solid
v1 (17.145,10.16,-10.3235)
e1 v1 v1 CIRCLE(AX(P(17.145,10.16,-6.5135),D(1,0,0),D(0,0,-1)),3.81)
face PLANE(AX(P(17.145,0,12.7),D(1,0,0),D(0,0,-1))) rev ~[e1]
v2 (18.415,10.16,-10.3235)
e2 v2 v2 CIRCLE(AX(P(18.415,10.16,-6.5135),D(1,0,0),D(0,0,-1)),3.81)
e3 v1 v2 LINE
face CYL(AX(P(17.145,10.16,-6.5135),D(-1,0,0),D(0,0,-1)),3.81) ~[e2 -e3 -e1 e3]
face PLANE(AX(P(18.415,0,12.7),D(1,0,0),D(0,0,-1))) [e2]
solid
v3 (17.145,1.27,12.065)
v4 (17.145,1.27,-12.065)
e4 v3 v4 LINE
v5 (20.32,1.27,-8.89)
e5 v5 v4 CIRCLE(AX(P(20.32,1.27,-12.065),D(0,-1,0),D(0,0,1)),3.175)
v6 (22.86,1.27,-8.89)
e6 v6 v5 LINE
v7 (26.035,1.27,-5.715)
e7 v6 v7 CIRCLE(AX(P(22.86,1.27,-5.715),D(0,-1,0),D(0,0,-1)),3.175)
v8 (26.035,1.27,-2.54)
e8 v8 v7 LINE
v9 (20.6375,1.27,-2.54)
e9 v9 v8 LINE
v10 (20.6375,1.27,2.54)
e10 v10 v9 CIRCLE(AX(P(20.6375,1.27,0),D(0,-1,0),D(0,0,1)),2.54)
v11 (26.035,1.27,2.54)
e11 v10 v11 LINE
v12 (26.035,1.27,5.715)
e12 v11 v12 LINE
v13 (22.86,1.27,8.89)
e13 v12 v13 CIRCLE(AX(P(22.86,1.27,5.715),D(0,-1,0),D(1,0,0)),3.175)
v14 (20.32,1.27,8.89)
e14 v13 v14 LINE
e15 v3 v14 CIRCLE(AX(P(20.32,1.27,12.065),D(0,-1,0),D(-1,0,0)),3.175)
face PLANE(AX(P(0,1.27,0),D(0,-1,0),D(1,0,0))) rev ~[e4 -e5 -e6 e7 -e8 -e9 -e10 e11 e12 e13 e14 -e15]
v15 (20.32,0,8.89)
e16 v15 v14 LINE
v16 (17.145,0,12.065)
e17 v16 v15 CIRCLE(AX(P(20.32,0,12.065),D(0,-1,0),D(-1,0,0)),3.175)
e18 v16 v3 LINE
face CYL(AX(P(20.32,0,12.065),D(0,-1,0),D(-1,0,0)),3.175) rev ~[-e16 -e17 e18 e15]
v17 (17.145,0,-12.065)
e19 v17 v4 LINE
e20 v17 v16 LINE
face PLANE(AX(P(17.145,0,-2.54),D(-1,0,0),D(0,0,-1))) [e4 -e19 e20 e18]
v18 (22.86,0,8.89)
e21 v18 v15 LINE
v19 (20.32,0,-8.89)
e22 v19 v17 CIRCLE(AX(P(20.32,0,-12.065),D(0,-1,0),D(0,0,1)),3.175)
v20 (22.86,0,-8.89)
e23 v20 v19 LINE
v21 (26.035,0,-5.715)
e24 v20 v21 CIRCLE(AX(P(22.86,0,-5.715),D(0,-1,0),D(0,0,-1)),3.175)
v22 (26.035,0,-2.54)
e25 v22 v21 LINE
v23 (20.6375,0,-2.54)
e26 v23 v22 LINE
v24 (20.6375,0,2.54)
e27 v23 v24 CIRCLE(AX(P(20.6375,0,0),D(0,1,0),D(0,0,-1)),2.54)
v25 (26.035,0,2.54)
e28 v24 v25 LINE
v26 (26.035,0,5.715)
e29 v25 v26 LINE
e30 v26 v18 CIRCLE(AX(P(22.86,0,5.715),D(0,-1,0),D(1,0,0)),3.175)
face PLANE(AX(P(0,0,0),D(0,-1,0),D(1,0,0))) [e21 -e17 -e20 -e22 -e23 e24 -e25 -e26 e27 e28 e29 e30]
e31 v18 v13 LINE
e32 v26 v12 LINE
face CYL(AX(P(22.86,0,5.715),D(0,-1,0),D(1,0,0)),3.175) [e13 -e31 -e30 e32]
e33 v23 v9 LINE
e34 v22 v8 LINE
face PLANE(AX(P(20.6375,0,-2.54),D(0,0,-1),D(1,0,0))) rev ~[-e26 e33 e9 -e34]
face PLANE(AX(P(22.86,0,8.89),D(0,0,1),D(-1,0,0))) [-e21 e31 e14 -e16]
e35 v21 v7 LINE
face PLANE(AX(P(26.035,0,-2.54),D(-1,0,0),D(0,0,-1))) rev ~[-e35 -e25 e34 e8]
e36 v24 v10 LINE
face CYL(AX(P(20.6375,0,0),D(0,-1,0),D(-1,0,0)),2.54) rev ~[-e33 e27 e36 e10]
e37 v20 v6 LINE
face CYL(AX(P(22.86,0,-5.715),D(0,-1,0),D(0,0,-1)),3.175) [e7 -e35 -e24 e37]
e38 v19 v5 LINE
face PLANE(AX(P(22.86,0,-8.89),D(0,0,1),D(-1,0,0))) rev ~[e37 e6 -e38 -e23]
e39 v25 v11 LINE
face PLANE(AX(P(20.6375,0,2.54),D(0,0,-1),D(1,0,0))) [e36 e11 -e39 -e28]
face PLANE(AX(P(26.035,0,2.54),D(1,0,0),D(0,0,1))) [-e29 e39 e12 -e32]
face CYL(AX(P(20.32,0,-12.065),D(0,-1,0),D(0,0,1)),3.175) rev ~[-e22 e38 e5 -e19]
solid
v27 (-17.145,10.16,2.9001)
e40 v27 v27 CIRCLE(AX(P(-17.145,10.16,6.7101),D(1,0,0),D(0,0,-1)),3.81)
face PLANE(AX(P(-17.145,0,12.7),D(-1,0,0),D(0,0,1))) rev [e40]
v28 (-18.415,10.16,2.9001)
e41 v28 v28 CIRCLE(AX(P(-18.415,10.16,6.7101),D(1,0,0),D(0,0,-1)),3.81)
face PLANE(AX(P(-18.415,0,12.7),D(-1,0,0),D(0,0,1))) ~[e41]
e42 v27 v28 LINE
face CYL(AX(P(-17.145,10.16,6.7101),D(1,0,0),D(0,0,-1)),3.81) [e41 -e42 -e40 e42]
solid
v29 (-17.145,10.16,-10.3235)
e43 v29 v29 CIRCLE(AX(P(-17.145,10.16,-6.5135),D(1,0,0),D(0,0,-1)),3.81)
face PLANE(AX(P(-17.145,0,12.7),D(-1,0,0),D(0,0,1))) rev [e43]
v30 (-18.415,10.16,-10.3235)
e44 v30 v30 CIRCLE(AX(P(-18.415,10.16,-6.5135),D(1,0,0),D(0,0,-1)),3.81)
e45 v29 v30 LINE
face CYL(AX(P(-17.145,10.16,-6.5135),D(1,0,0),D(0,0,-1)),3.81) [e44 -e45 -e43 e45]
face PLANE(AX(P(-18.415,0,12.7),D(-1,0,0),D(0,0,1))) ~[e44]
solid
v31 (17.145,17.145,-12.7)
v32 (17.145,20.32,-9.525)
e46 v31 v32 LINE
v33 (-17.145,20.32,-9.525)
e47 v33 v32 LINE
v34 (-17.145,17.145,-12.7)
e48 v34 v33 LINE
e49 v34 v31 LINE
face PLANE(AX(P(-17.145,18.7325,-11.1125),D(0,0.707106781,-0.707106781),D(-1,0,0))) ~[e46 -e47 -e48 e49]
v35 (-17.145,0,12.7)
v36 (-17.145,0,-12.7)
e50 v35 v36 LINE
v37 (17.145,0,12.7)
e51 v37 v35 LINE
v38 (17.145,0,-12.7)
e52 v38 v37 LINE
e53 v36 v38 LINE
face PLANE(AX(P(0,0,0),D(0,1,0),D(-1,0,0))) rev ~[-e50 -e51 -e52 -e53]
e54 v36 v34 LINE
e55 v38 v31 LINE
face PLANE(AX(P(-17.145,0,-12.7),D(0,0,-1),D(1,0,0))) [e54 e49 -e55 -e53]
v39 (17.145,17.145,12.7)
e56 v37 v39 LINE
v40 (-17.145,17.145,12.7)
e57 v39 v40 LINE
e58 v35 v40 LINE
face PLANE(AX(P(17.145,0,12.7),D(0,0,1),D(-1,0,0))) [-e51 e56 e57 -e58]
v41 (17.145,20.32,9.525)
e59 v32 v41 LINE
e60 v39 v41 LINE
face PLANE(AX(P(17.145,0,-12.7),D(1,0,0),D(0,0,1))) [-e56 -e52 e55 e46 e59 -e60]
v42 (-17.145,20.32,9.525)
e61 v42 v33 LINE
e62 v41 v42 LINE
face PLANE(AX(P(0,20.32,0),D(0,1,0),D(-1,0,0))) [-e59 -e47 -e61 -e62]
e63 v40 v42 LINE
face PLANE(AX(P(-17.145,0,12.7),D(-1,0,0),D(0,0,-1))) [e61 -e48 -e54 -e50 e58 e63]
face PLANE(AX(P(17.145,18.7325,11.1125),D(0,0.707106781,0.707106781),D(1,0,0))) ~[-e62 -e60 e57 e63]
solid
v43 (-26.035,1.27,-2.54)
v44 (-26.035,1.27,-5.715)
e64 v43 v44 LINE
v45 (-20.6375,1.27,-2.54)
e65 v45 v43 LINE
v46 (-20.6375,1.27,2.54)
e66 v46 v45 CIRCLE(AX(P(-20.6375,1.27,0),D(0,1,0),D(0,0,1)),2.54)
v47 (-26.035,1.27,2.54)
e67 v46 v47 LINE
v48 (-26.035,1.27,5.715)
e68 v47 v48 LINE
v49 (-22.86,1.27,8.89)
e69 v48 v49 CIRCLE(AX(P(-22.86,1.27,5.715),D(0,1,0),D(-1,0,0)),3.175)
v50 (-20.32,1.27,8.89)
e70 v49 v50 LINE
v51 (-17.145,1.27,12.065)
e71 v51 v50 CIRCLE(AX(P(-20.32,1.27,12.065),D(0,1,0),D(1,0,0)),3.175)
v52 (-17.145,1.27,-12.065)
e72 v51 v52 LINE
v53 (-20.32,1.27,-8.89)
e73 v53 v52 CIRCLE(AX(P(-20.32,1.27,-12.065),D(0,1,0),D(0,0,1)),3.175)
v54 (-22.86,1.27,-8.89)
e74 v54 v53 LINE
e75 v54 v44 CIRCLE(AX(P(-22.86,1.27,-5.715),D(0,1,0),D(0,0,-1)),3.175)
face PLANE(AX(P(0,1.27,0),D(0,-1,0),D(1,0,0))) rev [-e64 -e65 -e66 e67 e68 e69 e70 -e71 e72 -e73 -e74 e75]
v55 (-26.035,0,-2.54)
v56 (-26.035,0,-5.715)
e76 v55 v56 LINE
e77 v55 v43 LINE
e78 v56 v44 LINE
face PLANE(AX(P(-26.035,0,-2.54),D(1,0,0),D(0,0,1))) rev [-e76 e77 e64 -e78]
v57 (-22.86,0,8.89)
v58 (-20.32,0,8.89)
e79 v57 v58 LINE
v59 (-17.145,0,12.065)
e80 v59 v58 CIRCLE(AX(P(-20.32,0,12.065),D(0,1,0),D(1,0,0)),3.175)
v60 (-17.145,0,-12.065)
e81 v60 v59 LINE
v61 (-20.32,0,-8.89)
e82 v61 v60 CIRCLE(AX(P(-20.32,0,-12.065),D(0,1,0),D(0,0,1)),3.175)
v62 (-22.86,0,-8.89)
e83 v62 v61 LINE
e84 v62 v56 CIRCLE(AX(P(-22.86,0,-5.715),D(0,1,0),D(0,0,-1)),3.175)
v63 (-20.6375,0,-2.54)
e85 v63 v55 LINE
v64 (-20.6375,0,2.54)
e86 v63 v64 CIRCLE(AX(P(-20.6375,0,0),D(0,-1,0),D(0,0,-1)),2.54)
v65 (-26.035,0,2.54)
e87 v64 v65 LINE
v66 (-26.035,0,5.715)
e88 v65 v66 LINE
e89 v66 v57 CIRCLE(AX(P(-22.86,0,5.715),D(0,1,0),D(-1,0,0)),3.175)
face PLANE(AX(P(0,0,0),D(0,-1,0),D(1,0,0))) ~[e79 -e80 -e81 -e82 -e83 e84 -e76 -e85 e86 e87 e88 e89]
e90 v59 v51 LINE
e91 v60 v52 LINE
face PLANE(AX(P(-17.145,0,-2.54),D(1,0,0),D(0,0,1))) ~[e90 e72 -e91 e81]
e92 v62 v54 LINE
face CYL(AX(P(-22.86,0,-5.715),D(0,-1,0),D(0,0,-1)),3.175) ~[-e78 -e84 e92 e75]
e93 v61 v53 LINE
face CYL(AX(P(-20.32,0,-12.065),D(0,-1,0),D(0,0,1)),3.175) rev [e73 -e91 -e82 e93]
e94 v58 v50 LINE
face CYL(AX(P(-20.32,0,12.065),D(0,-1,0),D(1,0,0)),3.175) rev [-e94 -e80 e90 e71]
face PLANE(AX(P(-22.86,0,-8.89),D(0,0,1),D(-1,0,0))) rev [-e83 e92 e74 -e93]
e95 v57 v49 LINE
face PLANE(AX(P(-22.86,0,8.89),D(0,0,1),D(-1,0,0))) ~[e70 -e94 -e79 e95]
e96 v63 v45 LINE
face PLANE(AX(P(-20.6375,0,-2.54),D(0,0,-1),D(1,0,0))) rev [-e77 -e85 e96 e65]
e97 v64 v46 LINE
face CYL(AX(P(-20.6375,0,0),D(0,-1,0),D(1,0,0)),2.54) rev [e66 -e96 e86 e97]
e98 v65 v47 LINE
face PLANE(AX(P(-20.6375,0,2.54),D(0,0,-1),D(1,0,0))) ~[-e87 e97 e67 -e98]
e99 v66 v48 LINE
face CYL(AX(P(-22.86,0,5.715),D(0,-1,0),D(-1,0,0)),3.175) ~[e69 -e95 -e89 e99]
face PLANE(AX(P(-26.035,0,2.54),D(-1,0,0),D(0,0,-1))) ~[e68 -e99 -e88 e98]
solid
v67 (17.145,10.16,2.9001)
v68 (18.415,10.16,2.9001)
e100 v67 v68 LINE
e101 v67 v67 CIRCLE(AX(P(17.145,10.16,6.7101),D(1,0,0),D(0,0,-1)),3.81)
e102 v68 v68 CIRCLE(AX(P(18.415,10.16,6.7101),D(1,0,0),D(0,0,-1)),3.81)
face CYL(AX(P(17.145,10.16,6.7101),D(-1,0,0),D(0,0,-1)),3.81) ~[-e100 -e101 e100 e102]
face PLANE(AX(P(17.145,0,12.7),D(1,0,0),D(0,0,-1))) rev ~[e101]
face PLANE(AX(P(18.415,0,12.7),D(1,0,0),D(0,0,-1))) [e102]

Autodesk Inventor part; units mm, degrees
ref_plane "YZ Plane" through (0, 0, 0) normal (1, 0, 0) x (0, 1, 0)
ref_plane "XZ Plane" through (0, 0, 0) normal (0, 1, 0) x (-1, 0, 0)
sketch "Sketch1" plane through (0, 0, 0) normal (0, 1, 0) x (-1, 0, 0)
  line L0 (-17.145, 12.7) -> (17.145, 12.7)
  line L1 (17.145, 12.7) -> (17.145, -12.7)
  line L2 (17.145, -12.7) -> (-17.145, -12.7)
  line L3 (-17.145, -12.7) -> (-17.145, 12.7)
  line L4 (-17.145, 12.7) -> (17.145, -12.7) construction
  line L5 (17.145, 12.7) -> (-17.145, -12.7) construction
  point P0 (0, 0)
  dimension "d0" = 34.29
  dimension "d1" = 25.4
extrude "Extrusion1" add sketch "Sketch1" along normal blind 20.32
sketch "Sketch2" plane through (17.145, 0, 12.7) normal (1, 0, 0) x (0, 0, -1)
  line L0 (0, 0) -> (25.4, 0) projected
  line L1 (25.4, 0) -> (25.4, 20.32) projected
  line L2 (0, 20.32) -> (25.4, 20.32) projected
  line L3 (0, 0) -> (0, 20.32) projected
  circle A0 centre (19.2135, 10.16) radius 3.81
  circle A1 centre (5.9899, 10.16) radius 3.81
  point P0 (12.7, 0)
  dimension "d4" = 7.62
  dimension "d5" = 7.62
ref_plane "Work Plane1" through (0, 0, 12.7) normal (1, 0, 0) x (0, 0, -1)
extrude "Extrusion2" add sketch "Sketch2" along normal blind 1.27 separate body contours A0 | A1
mirror "Mirror1" about plane through (0, 0, 12.7) normal (1, 0, 0) of "Extrusion2" bodies 2
sketch "Sketch3" plane through (0, 0, 0) normal (0, -1, 0) x (1, 0, 0)
  line L0 (17.145, -12.7) -> (-17.145, -12.7) projected
  line L1 (17.145, 12.7) -> (17.145, -12.7) projected
  line L2 (-17.145, 12.7) -> (17.145, 12.7) projected
  line L3 (-17.145, -12.7) -> (-17.145, 12.7) projected
  line L4 (16.1925, 2.54) -> (18.0975, 2.54)
  line L5 (18.0975, 2.54) -> (18.0975, 0)
  line L6 (18.0975, -2.54) -> (16.1925, -2.54)
  line L7 (16.1925, -2.54) -> (16.1925, 2.54)
  line L8 (16.1925, 2.54) -> (18.0975, -2.54) construction
  line L9 (18.0975, 2.54) -> (16.1925, -2.54) construction
  line L10 (20.6375, -2.54) -> (26.035, -2.54)
  line L11 (26.035, -2.54) -> (26.035, -5.715)
  line L12 (22.86, -8.89) -> (20.32, -8.89)
  arc A0 (22.86, -8.89) -> (26.035, -5.715) centre (22.86, -5.715) ccw
  arc A1 (18.0975, 0) -> (20.6375, -2.54) centre (20.6375, 0) ccw
  line L13 (22.86, 0) -> (28.1937, 0)
  line L14 (17.145, 12.7) -> (-17.145, 12.7)
  line L15 (17.145, -12.7) -> (17.145, -12.065)
  line L16 (18.0975, 2.54) -> (16.1925, 2.54)
  line L17 (16.1925, 2.54) -> (16.1925, -2.54)
  line L18 (16.1925, -2.54) -> (18.0975, 2.54) construction
  line L19 (18.0975, -2.54) -> (16.1925, 2.54) construction
  line L20 (20.6375, 2.54) -> (26.035, 2.54)
  line L21 (26.035, 2.54) -> (26.035, 5.715)
  line L22 (22.86, 8.89) -> (20.32, 8.89)
  arc A2 (26.035, 5.715) -> (22.86, 8.89) centre (22.86, 5.715) ccw
  arc A3 (20.6375, 2.54) -> (18.0975, 0) centre (20.6375, 0) ccw
  arc A4 (20.32, -8.89) -> (17.145, -12.065) centre (20.32, -12.065) ccw
  line L23 (17.145, 12.7) -> (17.145, 12.065)
  arc A5 (17.145, 12.065) -> (20.32, 8.89) centre (20.32, 12.065) ccw
  point P0 (0, 0)
  point P1 (17.145, 0)
  point P2 (17.145, -2.54)
  point P3 (26.035, -8.89)
  point P4 (17.145, -8.89)
  point P5 (17.145, 2.54)
  point P6 (26.035, 8.89)
  point P7 (17.145, 8.89)
  dimension "d8" = 1.905
  dimension "d9" = 5.08
  dimension "d10" = 8.89
  dimension "d11" = 6.35
  dimension "d12" = 3.175
  dimension "d13" = 2.54
  dimension "d14" = 3.175
  dimension "d15" = 3.175
extrude "Extrusion3" add sketch "Sketch3" against normal blind 1.27 separate body contours L1 L4 L5 A1 L10 L11 A0 L12 A4 | L1 A5 L22 A2 L21 L20 A3 L5 L4
mirror "Mirror2" about plane through (0, 0, 12.7) normal (1, 0, 0) of "Extrusion3" bodies 3
chamfer "Chamfer1" distance 3.175 angle 45 2 edges at (0, 20.32, 12.7) (0, 20.32, -12.7)
properties part number "5vconverter"
